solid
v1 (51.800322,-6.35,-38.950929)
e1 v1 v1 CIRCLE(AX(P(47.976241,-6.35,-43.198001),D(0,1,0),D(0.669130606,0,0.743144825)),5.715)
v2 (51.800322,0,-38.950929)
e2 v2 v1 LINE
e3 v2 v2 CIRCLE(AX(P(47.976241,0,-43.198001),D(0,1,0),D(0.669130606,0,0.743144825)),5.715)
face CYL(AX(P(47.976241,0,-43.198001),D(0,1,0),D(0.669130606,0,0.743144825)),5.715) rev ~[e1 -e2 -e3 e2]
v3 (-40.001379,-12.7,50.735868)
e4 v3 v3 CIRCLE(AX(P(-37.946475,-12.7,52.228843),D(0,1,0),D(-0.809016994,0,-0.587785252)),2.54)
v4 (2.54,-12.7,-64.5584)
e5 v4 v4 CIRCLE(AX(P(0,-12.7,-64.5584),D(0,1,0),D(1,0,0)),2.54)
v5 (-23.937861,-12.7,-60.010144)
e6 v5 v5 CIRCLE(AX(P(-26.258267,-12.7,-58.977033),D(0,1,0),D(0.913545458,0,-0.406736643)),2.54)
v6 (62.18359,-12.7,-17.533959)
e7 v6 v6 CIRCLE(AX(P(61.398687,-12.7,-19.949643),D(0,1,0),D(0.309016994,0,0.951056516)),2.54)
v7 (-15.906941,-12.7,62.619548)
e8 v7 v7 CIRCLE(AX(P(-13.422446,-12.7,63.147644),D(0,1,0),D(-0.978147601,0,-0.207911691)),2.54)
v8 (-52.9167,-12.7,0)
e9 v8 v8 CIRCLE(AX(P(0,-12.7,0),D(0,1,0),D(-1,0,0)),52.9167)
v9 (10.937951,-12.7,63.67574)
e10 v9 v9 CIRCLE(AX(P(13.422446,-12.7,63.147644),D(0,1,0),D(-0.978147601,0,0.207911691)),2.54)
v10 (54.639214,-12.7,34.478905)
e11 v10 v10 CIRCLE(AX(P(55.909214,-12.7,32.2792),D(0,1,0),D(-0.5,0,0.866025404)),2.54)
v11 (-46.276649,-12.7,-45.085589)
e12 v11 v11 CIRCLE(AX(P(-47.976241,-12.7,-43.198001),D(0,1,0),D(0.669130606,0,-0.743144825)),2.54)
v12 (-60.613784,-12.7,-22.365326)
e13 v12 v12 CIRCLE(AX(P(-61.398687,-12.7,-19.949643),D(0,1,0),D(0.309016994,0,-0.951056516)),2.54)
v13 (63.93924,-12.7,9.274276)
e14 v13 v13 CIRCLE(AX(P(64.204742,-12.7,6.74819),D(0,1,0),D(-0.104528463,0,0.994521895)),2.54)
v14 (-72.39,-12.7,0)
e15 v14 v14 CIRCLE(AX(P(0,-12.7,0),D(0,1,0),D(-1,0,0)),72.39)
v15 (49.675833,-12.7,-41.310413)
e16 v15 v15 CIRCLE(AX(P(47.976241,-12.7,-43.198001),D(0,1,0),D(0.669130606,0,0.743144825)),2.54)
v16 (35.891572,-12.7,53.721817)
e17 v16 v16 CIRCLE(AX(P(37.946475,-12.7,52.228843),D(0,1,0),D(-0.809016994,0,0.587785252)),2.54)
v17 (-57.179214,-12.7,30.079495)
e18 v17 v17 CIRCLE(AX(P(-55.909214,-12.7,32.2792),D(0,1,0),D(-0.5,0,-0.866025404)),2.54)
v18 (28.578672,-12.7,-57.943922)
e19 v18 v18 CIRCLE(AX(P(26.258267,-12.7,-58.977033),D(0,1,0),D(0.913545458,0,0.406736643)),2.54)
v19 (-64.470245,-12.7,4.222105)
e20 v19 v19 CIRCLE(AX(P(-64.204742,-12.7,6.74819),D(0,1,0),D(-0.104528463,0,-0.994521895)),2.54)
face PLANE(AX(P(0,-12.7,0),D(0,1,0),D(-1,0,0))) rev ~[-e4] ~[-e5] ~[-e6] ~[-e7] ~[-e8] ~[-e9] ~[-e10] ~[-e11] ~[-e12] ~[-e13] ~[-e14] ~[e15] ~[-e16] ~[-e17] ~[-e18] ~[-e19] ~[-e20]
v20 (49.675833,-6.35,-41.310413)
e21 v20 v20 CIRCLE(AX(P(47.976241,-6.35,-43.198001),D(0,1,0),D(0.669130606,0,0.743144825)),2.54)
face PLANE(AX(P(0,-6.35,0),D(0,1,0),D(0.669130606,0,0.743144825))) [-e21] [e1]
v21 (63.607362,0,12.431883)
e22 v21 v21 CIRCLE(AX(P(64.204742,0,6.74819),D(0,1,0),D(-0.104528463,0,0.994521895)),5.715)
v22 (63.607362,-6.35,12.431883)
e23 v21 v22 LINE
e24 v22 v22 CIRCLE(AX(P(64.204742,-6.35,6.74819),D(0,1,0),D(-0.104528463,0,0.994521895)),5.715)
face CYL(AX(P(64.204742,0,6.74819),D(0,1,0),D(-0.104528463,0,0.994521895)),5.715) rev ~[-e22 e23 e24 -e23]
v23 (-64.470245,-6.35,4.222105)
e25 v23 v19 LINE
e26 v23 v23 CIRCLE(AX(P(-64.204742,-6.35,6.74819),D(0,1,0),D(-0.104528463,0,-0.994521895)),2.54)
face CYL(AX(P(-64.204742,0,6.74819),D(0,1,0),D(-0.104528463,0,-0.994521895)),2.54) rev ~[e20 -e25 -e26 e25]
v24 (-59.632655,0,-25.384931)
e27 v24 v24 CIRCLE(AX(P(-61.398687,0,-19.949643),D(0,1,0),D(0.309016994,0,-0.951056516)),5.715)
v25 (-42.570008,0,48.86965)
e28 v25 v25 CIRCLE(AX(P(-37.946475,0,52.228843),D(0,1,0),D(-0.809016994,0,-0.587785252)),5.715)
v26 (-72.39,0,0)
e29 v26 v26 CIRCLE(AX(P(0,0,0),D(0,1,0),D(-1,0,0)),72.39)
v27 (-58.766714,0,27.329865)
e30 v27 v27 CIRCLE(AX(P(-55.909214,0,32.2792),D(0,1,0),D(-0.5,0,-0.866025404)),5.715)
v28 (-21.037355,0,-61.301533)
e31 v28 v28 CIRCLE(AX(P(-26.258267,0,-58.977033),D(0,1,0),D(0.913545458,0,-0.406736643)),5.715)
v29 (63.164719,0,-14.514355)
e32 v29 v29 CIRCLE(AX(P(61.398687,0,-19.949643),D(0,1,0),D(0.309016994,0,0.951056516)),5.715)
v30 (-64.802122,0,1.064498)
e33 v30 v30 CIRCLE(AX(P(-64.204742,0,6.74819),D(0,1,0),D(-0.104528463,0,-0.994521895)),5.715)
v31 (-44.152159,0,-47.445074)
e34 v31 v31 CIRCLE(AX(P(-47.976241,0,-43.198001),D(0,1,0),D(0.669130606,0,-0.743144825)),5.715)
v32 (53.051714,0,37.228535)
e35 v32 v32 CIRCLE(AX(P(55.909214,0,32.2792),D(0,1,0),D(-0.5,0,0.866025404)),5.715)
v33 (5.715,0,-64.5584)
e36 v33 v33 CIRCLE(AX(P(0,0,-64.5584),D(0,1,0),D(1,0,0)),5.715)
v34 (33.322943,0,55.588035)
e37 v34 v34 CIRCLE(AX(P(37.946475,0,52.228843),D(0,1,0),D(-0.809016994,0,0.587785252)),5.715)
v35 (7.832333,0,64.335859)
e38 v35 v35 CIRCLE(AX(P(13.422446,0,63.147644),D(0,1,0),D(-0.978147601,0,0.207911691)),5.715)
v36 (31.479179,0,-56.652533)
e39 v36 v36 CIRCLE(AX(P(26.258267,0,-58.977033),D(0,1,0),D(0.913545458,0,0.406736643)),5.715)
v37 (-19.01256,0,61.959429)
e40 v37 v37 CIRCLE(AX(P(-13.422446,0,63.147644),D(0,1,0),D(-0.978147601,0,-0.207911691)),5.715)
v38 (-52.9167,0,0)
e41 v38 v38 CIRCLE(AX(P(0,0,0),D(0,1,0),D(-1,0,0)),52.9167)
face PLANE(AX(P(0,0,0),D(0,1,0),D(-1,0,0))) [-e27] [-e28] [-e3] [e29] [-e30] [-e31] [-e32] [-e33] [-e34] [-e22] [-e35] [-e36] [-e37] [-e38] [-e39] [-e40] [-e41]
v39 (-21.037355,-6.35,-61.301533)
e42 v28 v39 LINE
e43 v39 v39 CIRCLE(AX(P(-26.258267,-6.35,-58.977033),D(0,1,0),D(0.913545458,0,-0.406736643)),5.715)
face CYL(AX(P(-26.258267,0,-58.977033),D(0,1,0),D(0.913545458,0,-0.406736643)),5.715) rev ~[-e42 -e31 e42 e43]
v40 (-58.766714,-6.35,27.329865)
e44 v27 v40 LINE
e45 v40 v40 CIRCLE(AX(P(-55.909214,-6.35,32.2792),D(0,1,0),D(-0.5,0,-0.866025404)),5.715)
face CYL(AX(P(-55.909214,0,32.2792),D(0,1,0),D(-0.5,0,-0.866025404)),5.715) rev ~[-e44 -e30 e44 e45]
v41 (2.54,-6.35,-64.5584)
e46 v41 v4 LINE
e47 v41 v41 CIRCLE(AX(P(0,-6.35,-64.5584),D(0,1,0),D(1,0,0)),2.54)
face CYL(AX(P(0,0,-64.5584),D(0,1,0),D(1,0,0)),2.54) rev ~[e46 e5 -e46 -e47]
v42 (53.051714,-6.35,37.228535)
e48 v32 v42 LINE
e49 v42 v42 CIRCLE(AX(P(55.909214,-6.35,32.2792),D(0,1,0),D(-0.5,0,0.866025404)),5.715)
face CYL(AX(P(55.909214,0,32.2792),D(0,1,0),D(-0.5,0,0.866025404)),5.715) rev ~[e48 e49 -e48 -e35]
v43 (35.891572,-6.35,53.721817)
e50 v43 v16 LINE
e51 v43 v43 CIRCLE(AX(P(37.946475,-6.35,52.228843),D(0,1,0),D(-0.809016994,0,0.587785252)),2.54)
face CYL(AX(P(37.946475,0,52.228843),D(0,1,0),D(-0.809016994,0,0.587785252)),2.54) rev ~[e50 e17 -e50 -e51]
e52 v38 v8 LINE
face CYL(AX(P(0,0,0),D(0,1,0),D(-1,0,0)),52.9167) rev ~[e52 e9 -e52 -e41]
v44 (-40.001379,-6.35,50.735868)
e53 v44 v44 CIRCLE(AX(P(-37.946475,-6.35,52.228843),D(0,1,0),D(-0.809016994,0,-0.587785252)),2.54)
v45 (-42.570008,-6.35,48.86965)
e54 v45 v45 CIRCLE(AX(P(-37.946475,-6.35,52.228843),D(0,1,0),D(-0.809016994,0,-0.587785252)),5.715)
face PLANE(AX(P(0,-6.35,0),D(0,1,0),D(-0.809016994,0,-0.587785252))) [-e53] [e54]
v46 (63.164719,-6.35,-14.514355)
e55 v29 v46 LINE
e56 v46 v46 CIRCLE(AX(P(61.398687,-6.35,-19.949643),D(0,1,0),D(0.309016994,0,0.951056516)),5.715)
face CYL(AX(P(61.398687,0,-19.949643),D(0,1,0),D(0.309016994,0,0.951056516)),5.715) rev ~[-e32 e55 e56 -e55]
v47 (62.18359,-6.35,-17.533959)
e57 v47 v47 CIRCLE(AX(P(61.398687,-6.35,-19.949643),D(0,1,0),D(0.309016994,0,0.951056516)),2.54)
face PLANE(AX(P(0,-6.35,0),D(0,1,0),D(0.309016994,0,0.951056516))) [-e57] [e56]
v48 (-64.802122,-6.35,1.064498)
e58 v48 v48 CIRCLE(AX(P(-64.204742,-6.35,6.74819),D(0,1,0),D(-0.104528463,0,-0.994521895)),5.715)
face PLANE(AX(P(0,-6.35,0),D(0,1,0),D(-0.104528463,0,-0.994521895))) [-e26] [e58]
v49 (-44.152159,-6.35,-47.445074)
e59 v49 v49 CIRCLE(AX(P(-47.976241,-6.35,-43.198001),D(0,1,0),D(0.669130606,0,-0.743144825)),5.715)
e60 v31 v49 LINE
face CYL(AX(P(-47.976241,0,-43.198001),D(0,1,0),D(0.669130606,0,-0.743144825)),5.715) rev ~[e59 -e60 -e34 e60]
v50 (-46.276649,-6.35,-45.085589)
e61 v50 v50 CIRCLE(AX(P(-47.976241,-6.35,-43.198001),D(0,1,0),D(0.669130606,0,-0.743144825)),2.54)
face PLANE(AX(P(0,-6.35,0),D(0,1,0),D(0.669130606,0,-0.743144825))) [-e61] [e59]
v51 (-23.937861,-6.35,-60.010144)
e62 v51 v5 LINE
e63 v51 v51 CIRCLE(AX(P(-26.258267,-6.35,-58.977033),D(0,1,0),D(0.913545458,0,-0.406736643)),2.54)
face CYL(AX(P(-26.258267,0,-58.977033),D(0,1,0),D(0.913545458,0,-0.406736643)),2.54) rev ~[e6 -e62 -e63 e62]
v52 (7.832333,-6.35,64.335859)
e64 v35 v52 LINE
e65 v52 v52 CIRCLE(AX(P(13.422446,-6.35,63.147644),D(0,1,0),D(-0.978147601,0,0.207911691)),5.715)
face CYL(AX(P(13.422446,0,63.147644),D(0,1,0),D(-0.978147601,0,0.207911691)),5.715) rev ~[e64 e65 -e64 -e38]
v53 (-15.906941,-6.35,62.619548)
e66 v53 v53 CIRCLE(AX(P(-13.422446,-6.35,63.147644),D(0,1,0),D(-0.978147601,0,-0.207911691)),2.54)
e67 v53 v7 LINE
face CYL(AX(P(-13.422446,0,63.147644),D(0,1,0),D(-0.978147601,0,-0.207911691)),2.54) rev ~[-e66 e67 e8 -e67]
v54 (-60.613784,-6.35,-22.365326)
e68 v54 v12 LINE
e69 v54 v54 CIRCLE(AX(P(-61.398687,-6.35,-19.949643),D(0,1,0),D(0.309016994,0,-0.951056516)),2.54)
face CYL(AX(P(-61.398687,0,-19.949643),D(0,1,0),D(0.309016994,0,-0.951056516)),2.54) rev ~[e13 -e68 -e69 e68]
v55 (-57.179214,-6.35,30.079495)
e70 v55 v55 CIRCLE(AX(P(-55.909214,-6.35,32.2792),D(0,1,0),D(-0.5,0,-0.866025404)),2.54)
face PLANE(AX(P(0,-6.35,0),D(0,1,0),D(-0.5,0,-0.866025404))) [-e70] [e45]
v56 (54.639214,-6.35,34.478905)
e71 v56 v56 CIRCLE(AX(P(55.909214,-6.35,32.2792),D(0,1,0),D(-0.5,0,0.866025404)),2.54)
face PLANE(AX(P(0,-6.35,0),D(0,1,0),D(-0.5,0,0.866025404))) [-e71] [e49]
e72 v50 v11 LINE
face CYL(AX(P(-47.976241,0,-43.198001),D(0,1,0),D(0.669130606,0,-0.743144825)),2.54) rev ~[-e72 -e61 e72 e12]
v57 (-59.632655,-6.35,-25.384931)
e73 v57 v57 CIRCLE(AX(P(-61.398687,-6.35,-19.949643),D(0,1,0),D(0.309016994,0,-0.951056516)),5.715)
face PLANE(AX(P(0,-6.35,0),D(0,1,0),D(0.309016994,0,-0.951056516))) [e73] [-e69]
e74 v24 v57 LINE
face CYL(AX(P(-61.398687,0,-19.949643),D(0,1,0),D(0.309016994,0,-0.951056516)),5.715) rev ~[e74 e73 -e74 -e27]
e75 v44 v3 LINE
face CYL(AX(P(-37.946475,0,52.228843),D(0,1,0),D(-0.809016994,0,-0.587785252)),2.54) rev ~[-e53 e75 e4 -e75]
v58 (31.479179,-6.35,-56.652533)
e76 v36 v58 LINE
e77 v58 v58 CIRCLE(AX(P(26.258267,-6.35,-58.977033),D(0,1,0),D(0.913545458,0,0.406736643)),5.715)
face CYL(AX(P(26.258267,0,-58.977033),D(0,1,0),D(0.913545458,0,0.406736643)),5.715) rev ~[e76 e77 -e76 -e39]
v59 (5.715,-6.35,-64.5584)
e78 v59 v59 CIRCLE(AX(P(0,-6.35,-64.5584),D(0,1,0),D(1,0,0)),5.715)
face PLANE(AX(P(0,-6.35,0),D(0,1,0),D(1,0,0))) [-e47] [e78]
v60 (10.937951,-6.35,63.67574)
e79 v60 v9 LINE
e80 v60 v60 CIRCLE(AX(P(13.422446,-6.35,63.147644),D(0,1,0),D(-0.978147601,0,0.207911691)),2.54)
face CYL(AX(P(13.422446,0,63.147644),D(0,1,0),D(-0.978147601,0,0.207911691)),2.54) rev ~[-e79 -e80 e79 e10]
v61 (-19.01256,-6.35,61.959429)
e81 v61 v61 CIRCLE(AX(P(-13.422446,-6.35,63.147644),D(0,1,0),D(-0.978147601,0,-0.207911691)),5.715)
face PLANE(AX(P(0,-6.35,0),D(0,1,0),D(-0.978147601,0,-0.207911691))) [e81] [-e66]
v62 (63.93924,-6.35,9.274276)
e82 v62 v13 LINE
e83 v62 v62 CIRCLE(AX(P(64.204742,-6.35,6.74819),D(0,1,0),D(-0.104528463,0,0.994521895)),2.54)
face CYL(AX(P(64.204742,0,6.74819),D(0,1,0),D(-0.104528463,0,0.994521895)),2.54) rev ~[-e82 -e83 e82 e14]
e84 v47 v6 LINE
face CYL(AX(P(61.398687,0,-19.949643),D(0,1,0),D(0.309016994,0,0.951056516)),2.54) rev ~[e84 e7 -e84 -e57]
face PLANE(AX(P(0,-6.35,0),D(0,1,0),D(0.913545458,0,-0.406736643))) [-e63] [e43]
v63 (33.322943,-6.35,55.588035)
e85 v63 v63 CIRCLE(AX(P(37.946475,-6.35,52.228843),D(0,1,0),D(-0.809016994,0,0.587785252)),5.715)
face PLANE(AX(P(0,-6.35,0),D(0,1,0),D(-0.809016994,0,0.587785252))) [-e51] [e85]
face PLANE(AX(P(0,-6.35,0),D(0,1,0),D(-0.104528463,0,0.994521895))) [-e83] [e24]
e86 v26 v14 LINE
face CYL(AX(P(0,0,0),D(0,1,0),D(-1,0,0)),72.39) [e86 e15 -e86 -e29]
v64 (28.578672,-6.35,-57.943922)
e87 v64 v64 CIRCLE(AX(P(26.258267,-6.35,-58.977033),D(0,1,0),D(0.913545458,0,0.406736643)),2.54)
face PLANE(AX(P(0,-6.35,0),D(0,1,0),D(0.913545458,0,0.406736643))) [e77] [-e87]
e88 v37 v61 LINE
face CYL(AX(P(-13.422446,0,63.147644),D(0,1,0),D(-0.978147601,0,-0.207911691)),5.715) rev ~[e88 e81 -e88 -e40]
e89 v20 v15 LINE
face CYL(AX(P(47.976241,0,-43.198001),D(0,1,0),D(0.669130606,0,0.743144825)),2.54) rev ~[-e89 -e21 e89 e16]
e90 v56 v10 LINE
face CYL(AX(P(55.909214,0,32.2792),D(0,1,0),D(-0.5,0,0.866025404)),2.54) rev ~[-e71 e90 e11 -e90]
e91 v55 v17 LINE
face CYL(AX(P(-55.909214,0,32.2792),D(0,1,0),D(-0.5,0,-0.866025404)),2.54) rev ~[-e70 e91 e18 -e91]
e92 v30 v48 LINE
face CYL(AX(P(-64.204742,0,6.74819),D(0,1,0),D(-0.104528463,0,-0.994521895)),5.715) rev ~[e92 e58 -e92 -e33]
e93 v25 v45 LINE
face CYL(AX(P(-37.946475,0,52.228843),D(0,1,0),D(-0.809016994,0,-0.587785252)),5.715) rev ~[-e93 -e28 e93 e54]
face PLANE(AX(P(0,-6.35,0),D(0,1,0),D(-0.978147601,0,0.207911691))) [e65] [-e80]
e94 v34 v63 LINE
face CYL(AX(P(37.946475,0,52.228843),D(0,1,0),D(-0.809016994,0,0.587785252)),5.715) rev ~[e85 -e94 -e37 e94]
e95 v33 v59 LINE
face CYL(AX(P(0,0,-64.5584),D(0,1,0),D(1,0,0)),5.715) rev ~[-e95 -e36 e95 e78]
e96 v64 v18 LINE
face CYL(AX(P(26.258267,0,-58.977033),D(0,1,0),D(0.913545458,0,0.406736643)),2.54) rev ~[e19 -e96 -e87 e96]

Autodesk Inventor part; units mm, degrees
ref_plane "YZ Plane" through (0, 0, 0) normal (1, 0, 0) x (0, 1, 0)
ref_plane "XZ Plane" through (0, 0, 0) normal (0, 1, 0) x (-1, 0, 0)
ref_plane "XY Plane" through (0, 0, 0) normal (0, 0, 1) x (1, 0, 0)
sketch "Sketch1" plane through (0, 0, 0) normal (0, 1, 0) x (-1, 0, 0)
  circle A0 centre (0, 0) radius 52.9167
  circle A1 centre (0, 0) radius 72.39
  dimension "d0" = 105.8333
  dimension "d1" = 144.78
extrude "Extrusion1" add sketch "Sketch1" against normal blind 12.7
sketch "Sketch2" plane through (0, 0, 0) normal (0, 1, 0) x (1, 0, 0)
  circle A0 centre (0, 64.5584) radius 2.54
  point P0 (0, 0)
  dimension "d5" = 5.08
  dimension "d6" = 64.5584
extrude "Extrusion2" cut sketch "Sketch2" against normal through all
sketch "Sketch3" plane through (0, 0, 0) normal (0, 1, 0) x (1, 0, 0)
  circle A0 centre (0, 64.5584) radius 5.715
  point P0 (0, 0)
  dimension "d9" = 64.5584
  dimension "d10" = 11.43
extrude "Extrusion3" cut sketch "Sketch3" against normal blind 6.35
pattern_circular "Circular Pattern3" count 15 over 360 about axis through (0, 0, 0) along (0, -1, 0) of "Extrusion2", "Extrusion3"
properties part number "wormGearSupport"
